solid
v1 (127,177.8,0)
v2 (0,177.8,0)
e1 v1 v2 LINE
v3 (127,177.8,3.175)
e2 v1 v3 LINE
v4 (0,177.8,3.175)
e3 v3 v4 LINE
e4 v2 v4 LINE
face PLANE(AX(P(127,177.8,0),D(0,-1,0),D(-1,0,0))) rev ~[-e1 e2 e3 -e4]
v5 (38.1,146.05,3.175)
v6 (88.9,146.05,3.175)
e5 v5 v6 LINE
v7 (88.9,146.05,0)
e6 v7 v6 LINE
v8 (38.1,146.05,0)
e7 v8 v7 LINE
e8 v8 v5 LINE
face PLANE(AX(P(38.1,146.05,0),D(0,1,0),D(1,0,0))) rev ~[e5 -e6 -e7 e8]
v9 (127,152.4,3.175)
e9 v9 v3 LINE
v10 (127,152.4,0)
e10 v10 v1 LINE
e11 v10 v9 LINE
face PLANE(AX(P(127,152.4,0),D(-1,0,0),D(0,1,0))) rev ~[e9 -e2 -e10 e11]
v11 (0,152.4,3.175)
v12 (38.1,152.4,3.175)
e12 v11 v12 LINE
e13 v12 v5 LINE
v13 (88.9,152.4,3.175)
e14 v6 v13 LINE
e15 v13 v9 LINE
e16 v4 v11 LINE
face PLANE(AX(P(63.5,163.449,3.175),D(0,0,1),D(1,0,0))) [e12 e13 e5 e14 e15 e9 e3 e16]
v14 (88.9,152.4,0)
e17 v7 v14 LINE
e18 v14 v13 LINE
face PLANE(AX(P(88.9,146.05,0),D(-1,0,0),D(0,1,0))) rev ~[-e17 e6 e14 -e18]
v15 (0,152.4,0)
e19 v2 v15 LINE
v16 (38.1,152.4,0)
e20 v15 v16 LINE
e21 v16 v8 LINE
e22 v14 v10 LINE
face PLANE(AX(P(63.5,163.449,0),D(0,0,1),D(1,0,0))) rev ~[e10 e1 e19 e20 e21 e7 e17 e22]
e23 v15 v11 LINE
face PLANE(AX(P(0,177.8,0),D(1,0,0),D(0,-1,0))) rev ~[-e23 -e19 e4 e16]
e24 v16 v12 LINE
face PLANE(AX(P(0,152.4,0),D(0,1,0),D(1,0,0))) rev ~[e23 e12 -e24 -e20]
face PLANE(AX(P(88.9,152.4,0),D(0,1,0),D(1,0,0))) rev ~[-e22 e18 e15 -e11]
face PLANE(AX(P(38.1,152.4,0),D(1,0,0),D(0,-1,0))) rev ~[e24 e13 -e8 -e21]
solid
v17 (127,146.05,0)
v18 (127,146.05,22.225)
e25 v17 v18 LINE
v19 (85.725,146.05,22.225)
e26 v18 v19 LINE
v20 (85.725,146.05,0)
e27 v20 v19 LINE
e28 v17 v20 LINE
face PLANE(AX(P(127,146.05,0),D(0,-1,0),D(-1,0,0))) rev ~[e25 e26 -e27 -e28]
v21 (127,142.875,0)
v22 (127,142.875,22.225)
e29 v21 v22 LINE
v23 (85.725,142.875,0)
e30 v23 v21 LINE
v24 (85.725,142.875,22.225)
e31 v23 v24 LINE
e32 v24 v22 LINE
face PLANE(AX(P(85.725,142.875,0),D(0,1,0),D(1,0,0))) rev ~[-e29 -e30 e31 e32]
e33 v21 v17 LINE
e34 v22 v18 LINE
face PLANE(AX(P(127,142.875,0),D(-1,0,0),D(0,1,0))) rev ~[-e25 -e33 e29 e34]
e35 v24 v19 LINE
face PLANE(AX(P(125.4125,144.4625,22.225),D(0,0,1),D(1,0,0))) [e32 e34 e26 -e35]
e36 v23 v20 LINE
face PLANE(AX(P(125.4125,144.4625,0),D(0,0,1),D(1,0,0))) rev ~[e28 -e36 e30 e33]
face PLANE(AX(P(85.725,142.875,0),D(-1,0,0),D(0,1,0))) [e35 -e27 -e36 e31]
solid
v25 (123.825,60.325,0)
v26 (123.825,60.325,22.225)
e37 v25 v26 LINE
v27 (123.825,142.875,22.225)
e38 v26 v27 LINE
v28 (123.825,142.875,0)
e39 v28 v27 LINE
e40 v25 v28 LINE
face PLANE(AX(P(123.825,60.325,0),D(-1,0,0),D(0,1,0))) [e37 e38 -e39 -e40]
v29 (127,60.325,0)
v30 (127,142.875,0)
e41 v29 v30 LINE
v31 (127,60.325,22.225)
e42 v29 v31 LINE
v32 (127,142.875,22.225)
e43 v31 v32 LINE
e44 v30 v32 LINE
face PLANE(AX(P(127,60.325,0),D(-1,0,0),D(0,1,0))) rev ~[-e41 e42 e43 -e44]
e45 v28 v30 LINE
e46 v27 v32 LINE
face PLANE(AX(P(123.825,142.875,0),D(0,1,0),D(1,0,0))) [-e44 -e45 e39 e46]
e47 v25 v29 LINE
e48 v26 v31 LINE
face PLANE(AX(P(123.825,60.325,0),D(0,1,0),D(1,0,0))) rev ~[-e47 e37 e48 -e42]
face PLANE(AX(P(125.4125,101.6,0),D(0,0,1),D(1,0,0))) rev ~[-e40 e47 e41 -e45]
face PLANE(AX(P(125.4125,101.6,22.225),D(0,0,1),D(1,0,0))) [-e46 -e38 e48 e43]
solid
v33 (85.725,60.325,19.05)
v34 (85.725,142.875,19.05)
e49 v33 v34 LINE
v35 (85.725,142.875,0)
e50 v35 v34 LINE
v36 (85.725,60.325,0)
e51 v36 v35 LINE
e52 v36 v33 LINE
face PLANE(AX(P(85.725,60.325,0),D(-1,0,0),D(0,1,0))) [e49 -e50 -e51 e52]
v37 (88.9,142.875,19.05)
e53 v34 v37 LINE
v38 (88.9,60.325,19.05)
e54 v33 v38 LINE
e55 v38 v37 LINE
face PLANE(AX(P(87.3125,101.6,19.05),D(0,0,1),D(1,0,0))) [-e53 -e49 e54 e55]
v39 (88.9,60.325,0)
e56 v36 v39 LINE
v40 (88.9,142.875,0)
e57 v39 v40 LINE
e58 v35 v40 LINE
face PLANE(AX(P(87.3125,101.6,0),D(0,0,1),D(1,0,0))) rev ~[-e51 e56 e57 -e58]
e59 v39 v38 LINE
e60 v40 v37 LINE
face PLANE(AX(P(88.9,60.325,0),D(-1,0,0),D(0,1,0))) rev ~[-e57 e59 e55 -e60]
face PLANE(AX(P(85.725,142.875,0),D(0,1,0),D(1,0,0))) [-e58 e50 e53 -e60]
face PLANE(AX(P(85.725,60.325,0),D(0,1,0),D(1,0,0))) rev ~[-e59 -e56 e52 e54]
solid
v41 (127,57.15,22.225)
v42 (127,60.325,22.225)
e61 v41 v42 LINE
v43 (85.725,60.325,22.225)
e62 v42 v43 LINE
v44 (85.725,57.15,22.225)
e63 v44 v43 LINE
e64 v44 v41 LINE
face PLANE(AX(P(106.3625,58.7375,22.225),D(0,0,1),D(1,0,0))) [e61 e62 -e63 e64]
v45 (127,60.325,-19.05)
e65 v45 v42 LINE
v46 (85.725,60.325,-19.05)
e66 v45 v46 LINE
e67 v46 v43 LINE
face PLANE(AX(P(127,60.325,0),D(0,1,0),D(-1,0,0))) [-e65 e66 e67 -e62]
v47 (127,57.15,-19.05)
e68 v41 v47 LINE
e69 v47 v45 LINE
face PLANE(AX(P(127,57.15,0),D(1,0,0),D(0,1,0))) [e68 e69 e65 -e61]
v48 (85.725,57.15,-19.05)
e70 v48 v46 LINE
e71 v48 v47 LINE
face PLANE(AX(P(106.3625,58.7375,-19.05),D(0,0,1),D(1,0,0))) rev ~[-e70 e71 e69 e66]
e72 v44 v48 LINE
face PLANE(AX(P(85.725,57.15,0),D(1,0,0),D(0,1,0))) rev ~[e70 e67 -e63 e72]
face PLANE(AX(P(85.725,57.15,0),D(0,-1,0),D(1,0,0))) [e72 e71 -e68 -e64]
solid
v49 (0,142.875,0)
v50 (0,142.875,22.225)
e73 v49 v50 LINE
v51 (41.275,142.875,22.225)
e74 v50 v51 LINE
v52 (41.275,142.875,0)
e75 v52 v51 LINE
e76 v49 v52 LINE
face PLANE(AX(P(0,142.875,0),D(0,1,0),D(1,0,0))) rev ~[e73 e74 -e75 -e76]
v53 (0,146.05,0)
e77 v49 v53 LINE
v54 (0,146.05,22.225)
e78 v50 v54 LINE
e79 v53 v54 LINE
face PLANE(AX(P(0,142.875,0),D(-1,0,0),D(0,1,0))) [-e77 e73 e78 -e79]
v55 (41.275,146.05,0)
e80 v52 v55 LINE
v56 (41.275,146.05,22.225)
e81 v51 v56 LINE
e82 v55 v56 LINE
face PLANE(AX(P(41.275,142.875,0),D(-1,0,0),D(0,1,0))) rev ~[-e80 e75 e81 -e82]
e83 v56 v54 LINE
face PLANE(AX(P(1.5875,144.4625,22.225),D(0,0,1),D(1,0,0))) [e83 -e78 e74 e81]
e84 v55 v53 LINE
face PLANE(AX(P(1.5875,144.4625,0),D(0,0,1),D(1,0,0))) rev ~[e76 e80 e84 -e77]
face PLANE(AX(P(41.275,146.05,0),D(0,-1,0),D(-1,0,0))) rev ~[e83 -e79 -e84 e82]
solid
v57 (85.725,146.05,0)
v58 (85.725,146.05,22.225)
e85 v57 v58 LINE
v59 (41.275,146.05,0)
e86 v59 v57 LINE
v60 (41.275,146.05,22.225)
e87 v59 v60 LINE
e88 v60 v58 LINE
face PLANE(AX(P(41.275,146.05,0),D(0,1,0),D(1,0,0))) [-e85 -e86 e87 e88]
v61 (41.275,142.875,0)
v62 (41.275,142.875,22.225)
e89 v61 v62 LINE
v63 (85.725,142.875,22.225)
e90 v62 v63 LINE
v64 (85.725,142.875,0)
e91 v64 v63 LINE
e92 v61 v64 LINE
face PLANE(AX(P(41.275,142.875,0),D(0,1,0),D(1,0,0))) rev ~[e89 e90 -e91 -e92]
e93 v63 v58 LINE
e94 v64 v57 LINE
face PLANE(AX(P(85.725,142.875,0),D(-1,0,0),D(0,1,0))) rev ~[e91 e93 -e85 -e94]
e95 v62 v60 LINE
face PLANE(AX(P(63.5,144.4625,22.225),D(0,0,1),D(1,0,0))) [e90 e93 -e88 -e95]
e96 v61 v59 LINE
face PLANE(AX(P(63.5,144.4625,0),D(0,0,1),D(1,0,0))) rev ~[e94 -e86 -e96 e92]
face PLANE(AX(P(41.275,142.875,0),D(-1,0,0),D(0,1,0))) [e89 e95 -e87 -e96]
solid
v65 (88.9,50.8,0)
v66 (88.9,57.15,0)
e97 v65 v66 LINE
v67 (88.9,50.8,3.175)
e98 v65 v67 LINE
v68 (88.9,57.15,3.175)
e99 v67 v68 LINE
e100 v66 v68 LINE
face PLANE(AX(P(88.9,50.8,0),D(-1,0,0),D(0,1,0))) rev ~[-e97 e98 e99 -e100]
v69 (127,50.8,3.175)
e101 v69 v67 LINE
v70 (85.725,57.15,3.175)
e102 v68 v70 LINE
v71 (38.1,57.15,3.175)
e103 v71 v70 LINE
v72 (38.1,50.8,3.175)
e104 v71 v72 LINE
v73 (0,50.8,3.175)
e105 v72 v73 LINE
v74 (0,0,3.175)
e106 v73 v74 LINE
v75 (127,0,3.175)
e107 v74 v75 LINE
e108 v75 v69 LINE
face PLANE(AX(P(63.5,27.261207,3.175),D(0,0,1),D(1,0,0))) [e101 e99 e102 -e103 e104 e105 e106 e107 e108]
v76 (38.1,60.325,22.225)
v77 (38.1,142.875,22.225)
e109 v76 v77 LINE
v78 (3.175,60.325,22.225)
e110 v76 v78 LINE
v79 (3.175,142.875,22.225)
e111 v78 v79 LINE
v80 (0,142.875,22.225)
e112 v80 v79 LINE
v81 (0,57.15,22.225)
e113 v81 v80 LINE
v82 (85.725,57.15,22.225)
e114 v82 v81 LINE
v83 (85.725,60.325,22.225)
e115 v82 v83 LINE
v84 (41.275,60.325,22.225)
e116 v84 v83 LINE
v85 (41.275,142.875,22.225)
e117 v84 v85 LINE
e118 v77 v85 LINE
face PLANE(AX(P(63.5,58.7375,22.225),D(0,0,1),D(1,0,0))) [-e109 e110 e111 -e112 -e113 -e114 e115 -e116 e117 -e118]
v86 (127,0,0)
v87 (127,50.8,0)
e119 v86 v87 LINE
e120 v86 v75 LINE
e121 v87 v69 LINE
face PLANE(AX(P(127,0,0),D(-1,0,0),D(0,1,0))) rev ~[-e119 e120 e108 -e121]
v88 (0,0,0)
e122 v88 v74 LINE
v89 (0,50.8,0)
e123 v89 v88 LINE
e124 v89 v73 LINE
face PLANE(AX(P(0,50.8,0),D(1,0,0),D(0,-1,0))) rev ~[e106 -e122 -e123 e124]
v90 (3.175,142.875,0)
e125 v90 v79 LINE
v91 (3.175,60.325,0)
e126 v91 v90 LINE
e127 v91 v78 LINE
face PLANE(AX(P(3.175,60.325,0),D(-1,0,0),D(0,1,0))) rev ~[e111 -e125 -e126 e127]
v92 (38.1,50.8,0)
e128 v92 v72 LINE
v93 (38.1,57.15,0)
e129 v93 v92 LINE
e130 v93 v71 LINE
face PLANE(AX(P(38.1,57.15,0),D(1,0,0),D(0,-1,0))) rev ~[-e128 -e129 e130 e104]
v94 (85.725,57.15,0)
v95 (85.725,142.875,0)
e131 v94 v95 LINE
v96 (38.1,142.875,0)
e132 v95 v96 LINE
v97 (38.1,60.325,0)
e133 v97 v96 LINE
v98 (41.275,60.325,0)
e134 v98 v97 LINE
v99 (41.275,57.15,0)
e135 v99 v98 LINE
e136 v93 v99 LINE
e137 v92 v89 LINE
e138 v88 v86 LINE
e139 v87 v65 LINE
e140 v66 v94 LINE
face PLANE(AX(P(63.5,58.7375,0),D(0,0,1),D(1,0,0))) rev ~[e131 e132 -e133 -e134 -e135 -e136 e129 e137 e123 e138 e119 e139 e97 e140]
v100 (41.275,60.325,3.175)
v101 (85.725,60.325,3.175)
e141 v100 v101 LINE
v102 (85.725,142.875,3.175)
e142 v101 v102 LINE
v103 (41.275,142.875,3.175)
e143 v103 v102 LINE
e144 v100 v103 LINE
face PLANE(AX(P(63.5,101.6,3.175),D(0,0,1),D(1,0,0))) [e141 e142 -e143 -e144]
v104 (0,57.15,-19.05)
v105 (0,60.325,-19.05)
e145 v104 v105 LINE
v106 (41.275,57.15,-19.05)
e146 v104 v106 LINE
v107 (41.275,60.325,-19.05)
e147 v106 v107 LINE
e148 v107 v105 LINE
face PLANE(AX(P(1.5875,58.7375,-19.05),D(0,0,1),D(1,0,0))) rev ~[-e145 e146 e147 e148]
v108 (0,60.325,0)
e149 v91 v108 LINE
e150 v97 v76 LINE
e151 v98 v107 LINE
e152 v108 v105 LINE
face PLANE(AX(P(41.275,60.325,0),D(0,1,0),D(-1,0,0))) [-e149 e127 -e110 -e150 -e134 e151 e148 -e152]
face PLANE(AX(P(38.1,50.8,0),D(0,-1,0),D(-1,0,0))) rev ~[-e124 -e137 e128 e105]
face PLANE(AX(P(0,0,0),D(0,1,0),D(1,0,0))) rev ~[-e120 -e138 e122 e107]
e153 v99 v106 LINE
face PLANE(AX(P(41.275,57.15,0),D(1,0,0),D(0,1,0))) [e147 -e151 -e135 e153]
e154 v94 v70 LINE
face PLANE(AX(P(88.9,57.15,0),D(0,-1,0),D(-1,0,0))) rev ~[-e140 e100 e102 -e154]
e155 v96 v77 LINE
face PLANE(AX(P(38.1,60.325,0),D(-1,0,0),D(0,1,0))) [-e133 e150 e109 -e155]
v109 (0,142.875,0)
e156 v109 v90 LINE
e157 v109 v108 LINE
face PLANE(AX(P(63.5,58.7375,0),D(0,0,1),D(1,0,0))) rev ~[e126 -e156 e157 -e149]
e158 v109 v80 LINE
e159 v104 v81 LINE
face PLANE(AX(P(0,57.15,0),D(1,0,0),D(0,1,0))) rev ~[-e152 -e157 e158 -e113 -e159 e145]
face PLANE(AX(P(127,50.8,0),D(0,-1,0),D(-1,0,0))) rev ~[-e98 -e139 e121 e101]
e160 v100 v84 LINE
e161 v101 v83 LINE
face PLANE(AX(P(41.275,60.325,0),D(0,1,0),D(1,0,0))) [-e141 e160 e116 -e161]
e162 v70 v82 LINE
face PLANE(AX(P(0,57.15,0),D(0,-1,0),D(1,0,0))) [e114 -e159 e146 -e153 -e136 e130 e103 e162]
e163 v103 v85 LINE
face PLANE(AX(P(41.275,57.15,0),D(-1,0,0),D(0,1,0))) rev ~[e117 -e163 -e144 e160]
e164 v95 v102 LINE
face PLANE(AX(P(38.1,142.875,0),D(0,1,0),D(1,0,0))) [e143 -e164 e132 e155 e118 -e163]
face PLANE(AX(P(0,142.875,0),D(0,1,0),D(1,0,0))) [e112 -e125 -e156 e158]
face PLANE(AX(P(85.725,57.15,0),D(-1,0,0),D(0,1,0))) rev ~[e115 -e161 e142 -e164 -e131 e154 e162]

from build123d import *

# Parameters (mm, degrees)
F1_DEPTH  = 3.175
F0_W      = 44.45
F0_H      = 82.55
F0_W_2    = 34.925
F0_H_2    = 3.175
F0_W_3    = 3.175
F2_DEPTH  = 22.225
F3_DEPTH  = 22.225
F4_DEPTH  = 19.05
F5_DEPTH  = 22.225
F6_DEPTH  = 22.225
F7_DEPTH  = 22.225
F8_DEPTH  = 22.225
F9_DEPTH  = 22.225
F10_DEPTH = 22.225
F11_DEPTH = 22.225
F12_DEPTH = 19.05
F13_DEPTH = 19.05


with BuildPart() as f1:
    # F0 (on Top) → F1 (new body)
    with BuildSketch(Plane.XY):
        Polygon((0, 50.8), (0, 0), (127, 0), (127, 50.8), (88.9, 50.8), (88.9, 57.15), (85.725, 57.15), (41.275, 57.15), (38.1, 57.15), (38.1, 50.8), align=None)
    extrude(amount=F1_DEPTH)



with BuildPart() as f1b:
    # F0 (on Top) → F1, piece 2 (new body)
    with BuildSketch(Plane.XY):
        Polygon((0, 177.8), (0, 152.4), (38.1, 152.4), (38.1, 146.05), (41.275, 146.05), (85.725, 146.05), (88.9, 146.05), (88.9, 152.4), (127, 152.4), (127, 177.8), align=None)
    extrude(amount=F1_DEPTH)


with BuildPart() as f1c:
    # F0 (on Top) → F1, piece 3 (new body)
    with BuildSketch(Plane.XY):
        with Locations((63.5, 101.6)):
            Rectangle(F0_W, F0_H)
    extrude(amount=F1_DEPTH)


with BuildPart() as f2:
    # F0 (on Top) → F2 (new body)
    with BuildSketch(Plane.XY):
        with Locations((106.3625, 58.7375)):
            Rectangle(F0_W_2, F0_H_2)
        with Locations((125.4125, 58.7375)):
            Rectangle(F0_W_3, F0_H_2)
        with Locations((87.3125, 58.7375)):
            Rectangle(F0_W_3, F0_H_2)
    extrude(amount=F2_DEPTH)

    # F12 (add): a face of the model
    f12_faces = [f2.faces().sort_by_distance(p)[0] for p in [
        (106.3625, 58.7375, 0),
    ]]
    extrude(f12_faces, amount=F12_DEPTH)


with BuildPart() as f3:
    # F0 (on Top) → F3 (new body)
    with BuildSketch(Plane.XY):
        with Locations((125.4125, 101.6)):
            Rectangle(F0_W_3, F0_H)
    extrude(amount=F3_DEPTH)


with BuildPart() as f4:
    # F0 (on Top) → F4 (new body)
    with BuildSketch(Plane.XY):
        with Locations((87.3125, 101.6)):
            Rectangle(F0_W_3, F0_H)
    extrude(amount=F4_DEPTH)


with BuildPart() as f5:
    # F0 (on Top) → F5 (new body)
    with BuildSketch(Plane.XY):
        with Locations((125.4125, 144.4625)):
            Rectangle(F0_W_3, F0_H_2)
        with Locations((106.3625, 144.4625)):
            Rectangle(F0_W_2, F0_H_2)
        with Locations((87.3125, 144.4625)):
            Rectangle(F0_W_3, F0_H_2)
    extrude(amount=F5_DEPTH)


with BuildPart() as f6:
    # F0 (on Top) → F6 (new body)
    with BuildSketch(Plane.XY):
        with Locations((1.5875, 144.4625)):
            Rectangle(F0_W_3, F0_H_2)
        with Locations((20.6375, 144.4625)):
            Rectangle(F0_W_2, F0_H_2)
        with Locations((39.6875, 144.4625)):
            Rectangle(F0_W_3, F0_H_2)
    extrude(amount=F6_DEPTH)


with BuildPart() as f7:
    # F0 (on Top) → F7 (new body)
    with BuildSketch(Plane.XY):
        with Locations((63.5, 144.4625)):
            Rectangle(F0_W, F0_H_2)
    extrude(amount=F7_DEPTH)


with BuildPart() as f8:
    # F0 (on Top) → F8 (new body)
    with BuildSketch(Plane.XY):
        with Locations((1.5875, 101.6)):
            Rectangle(F0_W_3, F0_H)
    extrude(amount=F8_DEPTH)


with BuildPart() as f9:
    # F0 (on Top) → F9 (new body)
    with BuildSketch(Plane.XY):
        with Locations((39.6875, 101.6)):
            Rectangle(F0_W_3, F0_H)
    extrude(amount=F9_DEPTH)


with BuildPart() as f10:
    # F0 (on Top) → F10 (new body)
    with BuildSketch(Plane.XY):
        with Locations((1.5875, 58.7375)):
            Rectangle(F0_W_3, F0_H_2)
        with Locations((20.6375, 58.7375)):
            Rectangle(F0_W_2, F0_H_2)
        with Locations((39.6875, 58.7375)):
            Rectangle(F0_W_3, F0_H_2)
    extrude(amount=F10_DEPTH)


with BuildPart() as f11:
    # F0 (on Top) → F11 (new body)
    with BuildSketch(Plane.XY):
        with Locations((63.5, 58.7375)):
            Rectangle(F0_W, F0_H_2)
    extrude(amount=F11_DEPTH)


with BuildPart() as f1_1:
    add(f1.part)
    # F13 (add): a face of the model
    f13_faces = [f10.part.faces().sort_by_distance(p)[0] for p in [
        (20.6375, 58.7375, 0),
    ]]

    add(f1c.part)  # F13 merges F1c

    add(f8.part)  # F13 merges F8

    add(f9.part)  # F13 merges F9

    add(f10.part)  # F13 merges F10

    add(f11.part)  # F13 merges F11
    extrude(f13_faces, amount=F13_DEPTH)


solid = Compound([f1b.part, f2.part, f3.part, f4.part, f5.part, f6.part, f7.part, f1_1.part])
